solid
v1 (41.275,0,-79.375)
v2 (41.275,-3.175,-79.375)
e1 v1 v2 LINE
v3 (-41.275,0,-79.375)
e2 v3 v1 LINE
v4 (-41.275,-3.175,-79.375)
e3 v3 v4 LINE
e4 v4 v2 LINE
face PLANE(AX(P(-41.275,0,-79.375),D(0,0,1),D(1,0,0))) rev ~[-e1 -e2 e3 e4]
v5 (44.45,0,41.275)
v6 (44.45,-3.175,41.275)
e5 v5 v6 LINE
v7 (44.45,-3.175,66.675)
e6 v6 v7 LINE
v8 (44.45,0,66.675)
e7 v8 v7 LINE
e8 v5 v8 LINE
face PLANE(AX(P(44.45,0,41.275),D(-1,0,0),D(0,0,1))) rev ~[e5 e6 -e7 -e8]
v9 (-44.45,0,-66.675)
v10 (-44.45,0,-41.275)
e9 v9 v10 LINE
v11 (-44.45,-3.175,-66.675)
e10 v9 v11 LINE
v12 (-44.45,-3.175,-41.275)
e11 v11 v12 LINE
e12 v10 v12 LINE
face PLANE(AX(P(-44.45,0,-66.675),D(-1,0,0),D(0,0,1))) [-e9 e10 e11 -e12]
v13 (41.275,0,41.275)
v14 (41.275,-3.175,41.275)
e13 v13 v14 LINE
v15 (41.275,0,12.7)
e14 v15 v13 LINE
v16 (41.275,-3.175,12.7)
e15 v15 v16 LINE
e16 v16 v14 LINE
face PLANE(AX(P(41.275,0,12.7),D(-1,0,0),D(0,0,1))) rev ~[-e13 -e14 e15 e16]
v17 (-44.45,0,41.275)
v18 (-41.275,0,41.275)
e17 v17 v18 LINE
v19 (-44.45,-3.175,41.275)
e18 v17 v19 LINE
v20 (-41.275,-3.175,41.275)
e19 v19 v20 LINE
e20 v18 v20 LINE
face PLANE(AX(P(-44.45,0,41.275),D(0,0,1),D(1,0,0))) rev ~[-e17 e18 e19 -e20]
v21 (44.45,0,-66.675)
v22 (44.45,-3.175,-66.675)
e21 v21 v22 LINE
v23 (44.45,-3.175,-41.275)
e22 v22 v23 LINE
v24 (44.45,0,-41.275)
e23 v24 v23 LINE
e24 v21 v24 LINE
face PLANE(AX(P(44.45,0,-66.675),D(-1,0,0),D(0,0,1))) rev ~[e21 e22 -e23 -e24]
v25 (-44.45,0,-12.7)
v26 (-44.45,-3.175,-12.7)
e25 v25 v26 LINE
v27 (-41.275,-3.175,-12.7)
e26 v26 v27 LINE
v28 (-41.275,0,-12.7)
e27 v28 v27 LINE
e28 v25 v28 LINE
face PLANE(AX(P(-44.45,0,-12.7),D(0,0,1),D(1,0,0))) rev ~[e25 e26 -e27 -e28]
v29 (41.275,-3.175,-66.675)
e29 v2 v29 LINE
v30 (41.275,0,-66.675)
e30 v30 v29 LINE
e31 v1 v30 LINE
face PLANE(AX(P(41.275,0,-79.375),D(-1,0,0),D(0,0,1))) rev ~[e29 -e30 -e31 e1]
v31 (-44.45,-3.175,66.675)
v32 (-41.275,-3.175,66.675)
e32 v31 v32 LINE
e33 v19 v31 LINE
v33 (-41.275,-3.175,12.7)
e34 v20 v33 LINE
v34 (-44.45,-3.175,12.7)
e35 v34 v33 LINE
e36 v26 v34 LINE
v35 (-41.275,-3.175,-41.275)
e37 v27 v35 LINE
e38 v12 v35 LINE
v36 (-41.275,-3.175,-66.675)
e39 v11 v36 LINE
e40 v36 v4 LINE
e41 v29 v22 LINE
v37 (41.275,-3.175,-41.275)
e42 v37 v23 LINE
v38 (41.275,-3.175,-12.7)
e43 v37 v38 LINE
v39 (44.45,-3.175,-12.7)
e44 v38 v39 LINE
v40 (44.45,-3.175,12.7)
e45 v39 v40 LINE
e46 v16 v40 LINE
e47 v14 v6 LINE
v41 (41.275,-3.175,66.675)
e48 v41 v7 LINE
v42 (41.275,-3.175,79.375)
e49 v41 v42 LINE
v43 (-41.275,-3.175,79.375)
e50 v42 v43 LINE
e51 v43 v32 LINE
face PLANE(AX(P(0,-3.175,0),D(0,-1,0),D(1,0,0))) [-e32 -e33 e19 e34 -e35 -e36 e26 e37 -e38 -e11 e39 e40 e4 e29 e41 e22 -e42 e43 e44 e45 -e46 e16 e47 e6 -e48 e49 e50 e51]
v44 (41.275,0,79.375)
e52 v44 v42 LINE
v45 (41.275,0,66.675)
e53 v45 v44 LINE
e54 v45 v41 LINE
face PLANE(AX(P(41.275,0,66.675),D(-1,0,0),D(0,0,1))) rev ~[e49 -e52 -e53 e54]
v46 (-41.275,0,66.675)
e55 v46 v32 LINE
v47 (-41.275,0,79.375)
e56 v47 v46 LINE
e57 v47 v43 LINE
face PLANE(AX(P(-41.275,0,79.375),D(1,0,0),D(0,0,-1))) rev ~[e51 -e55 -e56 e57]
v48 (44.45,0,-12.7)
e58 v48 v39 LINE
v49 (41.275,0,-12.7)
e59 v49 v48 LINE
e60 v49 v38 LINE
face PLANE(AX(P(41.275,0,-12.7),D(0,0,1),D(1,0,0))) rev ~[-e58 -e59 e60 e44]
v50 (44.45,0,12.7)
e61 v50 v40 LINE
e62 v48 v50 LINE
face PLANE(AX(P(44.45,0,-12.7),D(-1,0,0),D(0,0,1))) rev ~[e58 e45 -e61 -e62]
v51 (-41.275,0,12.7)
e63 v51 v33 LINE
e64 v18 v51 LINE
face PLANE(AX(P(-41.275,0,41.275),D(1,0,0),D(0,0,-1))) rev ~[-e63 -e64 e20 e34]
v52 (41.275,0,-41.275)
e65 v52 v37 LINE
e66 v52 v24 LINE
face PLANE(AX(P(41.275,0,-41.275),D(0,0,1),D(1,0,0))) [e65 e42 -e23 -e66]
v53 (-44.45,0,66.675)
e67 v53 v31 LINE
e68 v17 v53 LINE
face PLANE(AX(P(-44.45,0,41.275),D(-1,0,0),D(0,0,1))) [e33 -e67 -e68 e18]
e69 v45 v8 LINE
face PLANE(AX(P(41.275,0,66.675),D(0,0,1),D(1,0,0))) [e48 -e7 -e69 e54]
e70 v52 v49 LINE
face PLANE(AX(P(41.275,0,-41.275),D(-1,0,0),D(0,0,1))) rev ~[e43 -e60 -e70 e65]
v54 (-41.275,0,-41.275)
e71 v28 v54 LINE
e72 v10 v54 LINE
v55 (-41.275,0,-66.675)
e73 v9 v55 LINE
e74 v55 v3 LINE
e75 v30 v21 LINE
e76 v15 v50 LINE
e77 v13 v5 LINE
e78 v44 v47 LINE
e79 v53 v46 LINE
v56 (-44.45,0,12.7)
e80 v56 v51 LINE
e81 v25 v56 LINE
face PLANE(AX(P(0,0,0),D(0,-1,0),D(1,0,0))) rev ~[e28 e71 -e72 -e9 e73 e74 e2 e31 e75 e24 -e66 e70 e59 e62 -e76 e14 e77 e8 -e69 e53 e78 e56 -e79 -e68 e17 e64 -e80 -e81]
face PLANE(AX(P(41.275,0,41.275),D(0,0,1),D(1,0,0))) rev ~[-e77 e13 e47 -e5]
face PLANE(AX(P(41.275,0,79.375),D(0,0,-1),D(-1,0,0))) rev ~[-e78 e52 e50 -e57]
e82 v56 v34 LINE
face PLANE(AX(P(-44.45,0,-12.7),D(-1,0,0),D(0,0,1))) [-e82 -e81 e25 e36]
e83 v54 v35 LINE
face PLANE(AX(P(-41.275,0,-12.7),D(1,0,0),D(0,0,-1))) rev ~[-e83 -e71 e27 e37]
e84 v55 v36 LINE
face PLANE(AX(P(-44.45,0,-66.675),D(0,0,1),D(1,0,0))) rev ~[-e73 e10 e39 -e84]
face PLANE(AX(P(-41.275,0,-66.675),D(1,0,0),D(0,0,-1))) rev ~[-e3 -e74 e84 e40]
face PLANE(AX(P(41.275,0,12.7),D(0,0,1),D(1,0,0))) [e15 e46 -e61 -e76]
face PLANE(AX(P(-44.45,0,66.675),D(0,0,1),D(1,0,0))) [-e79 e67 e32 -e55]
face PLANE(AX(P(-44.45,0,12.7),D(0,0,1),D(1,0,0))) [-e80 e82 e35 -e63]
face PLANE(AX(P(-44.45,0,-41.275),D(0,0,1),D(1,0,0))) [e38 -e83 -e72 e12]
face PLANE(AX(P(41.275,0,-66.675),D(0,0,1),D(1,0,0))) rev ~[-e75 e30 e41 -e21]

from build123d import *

# Parameters (mm, degrees)
F0_W     = 3.175
F0_H     = 25.4
F1_DEPTH = 3.175


with BuildPart() as f1:
    # F0 (on Front) → F1 (new body)
    with BuildSketch(Plane.XZ):
        Polygon((-41.275, -79.375), (41.275, -79.375), (41.275, -66.675), (41.275, -41.275), (41.275, -12.7), (41.275, 12.7), (41.275, 41.275), (41.275, 66.675), (41.275, 79.375), (-41.275, 79.375), (-41.275, 66.675), (-41.275, 41.275), (-41.275, 12.7), (-41.275, -12.7), (-41.275, -41.275), (-41.275, -66.675), align=None)
        with Locations((-42.8625, 53.975)):
            Rectangle(F0_W, F0_H)
        with Locations((-42.8625, 0)):
            Rectangle(F0_W, F0_H)
        with Locations((-42.8625, -53.975)):
            Rectangle(F0_W, F0_H)
        with Locations((42.8625, -53.975)):
            Rectangle(F0_W, F0_H)
        with Locations((42.8625, 0)):
            Rectangle(F0_W, F0_H)
        with Locations((42.8625, 53.975)):
            Rectangle(F0_W, F0_H)
    extrude(amount=F1_DEPTH)


solid = f1.part
